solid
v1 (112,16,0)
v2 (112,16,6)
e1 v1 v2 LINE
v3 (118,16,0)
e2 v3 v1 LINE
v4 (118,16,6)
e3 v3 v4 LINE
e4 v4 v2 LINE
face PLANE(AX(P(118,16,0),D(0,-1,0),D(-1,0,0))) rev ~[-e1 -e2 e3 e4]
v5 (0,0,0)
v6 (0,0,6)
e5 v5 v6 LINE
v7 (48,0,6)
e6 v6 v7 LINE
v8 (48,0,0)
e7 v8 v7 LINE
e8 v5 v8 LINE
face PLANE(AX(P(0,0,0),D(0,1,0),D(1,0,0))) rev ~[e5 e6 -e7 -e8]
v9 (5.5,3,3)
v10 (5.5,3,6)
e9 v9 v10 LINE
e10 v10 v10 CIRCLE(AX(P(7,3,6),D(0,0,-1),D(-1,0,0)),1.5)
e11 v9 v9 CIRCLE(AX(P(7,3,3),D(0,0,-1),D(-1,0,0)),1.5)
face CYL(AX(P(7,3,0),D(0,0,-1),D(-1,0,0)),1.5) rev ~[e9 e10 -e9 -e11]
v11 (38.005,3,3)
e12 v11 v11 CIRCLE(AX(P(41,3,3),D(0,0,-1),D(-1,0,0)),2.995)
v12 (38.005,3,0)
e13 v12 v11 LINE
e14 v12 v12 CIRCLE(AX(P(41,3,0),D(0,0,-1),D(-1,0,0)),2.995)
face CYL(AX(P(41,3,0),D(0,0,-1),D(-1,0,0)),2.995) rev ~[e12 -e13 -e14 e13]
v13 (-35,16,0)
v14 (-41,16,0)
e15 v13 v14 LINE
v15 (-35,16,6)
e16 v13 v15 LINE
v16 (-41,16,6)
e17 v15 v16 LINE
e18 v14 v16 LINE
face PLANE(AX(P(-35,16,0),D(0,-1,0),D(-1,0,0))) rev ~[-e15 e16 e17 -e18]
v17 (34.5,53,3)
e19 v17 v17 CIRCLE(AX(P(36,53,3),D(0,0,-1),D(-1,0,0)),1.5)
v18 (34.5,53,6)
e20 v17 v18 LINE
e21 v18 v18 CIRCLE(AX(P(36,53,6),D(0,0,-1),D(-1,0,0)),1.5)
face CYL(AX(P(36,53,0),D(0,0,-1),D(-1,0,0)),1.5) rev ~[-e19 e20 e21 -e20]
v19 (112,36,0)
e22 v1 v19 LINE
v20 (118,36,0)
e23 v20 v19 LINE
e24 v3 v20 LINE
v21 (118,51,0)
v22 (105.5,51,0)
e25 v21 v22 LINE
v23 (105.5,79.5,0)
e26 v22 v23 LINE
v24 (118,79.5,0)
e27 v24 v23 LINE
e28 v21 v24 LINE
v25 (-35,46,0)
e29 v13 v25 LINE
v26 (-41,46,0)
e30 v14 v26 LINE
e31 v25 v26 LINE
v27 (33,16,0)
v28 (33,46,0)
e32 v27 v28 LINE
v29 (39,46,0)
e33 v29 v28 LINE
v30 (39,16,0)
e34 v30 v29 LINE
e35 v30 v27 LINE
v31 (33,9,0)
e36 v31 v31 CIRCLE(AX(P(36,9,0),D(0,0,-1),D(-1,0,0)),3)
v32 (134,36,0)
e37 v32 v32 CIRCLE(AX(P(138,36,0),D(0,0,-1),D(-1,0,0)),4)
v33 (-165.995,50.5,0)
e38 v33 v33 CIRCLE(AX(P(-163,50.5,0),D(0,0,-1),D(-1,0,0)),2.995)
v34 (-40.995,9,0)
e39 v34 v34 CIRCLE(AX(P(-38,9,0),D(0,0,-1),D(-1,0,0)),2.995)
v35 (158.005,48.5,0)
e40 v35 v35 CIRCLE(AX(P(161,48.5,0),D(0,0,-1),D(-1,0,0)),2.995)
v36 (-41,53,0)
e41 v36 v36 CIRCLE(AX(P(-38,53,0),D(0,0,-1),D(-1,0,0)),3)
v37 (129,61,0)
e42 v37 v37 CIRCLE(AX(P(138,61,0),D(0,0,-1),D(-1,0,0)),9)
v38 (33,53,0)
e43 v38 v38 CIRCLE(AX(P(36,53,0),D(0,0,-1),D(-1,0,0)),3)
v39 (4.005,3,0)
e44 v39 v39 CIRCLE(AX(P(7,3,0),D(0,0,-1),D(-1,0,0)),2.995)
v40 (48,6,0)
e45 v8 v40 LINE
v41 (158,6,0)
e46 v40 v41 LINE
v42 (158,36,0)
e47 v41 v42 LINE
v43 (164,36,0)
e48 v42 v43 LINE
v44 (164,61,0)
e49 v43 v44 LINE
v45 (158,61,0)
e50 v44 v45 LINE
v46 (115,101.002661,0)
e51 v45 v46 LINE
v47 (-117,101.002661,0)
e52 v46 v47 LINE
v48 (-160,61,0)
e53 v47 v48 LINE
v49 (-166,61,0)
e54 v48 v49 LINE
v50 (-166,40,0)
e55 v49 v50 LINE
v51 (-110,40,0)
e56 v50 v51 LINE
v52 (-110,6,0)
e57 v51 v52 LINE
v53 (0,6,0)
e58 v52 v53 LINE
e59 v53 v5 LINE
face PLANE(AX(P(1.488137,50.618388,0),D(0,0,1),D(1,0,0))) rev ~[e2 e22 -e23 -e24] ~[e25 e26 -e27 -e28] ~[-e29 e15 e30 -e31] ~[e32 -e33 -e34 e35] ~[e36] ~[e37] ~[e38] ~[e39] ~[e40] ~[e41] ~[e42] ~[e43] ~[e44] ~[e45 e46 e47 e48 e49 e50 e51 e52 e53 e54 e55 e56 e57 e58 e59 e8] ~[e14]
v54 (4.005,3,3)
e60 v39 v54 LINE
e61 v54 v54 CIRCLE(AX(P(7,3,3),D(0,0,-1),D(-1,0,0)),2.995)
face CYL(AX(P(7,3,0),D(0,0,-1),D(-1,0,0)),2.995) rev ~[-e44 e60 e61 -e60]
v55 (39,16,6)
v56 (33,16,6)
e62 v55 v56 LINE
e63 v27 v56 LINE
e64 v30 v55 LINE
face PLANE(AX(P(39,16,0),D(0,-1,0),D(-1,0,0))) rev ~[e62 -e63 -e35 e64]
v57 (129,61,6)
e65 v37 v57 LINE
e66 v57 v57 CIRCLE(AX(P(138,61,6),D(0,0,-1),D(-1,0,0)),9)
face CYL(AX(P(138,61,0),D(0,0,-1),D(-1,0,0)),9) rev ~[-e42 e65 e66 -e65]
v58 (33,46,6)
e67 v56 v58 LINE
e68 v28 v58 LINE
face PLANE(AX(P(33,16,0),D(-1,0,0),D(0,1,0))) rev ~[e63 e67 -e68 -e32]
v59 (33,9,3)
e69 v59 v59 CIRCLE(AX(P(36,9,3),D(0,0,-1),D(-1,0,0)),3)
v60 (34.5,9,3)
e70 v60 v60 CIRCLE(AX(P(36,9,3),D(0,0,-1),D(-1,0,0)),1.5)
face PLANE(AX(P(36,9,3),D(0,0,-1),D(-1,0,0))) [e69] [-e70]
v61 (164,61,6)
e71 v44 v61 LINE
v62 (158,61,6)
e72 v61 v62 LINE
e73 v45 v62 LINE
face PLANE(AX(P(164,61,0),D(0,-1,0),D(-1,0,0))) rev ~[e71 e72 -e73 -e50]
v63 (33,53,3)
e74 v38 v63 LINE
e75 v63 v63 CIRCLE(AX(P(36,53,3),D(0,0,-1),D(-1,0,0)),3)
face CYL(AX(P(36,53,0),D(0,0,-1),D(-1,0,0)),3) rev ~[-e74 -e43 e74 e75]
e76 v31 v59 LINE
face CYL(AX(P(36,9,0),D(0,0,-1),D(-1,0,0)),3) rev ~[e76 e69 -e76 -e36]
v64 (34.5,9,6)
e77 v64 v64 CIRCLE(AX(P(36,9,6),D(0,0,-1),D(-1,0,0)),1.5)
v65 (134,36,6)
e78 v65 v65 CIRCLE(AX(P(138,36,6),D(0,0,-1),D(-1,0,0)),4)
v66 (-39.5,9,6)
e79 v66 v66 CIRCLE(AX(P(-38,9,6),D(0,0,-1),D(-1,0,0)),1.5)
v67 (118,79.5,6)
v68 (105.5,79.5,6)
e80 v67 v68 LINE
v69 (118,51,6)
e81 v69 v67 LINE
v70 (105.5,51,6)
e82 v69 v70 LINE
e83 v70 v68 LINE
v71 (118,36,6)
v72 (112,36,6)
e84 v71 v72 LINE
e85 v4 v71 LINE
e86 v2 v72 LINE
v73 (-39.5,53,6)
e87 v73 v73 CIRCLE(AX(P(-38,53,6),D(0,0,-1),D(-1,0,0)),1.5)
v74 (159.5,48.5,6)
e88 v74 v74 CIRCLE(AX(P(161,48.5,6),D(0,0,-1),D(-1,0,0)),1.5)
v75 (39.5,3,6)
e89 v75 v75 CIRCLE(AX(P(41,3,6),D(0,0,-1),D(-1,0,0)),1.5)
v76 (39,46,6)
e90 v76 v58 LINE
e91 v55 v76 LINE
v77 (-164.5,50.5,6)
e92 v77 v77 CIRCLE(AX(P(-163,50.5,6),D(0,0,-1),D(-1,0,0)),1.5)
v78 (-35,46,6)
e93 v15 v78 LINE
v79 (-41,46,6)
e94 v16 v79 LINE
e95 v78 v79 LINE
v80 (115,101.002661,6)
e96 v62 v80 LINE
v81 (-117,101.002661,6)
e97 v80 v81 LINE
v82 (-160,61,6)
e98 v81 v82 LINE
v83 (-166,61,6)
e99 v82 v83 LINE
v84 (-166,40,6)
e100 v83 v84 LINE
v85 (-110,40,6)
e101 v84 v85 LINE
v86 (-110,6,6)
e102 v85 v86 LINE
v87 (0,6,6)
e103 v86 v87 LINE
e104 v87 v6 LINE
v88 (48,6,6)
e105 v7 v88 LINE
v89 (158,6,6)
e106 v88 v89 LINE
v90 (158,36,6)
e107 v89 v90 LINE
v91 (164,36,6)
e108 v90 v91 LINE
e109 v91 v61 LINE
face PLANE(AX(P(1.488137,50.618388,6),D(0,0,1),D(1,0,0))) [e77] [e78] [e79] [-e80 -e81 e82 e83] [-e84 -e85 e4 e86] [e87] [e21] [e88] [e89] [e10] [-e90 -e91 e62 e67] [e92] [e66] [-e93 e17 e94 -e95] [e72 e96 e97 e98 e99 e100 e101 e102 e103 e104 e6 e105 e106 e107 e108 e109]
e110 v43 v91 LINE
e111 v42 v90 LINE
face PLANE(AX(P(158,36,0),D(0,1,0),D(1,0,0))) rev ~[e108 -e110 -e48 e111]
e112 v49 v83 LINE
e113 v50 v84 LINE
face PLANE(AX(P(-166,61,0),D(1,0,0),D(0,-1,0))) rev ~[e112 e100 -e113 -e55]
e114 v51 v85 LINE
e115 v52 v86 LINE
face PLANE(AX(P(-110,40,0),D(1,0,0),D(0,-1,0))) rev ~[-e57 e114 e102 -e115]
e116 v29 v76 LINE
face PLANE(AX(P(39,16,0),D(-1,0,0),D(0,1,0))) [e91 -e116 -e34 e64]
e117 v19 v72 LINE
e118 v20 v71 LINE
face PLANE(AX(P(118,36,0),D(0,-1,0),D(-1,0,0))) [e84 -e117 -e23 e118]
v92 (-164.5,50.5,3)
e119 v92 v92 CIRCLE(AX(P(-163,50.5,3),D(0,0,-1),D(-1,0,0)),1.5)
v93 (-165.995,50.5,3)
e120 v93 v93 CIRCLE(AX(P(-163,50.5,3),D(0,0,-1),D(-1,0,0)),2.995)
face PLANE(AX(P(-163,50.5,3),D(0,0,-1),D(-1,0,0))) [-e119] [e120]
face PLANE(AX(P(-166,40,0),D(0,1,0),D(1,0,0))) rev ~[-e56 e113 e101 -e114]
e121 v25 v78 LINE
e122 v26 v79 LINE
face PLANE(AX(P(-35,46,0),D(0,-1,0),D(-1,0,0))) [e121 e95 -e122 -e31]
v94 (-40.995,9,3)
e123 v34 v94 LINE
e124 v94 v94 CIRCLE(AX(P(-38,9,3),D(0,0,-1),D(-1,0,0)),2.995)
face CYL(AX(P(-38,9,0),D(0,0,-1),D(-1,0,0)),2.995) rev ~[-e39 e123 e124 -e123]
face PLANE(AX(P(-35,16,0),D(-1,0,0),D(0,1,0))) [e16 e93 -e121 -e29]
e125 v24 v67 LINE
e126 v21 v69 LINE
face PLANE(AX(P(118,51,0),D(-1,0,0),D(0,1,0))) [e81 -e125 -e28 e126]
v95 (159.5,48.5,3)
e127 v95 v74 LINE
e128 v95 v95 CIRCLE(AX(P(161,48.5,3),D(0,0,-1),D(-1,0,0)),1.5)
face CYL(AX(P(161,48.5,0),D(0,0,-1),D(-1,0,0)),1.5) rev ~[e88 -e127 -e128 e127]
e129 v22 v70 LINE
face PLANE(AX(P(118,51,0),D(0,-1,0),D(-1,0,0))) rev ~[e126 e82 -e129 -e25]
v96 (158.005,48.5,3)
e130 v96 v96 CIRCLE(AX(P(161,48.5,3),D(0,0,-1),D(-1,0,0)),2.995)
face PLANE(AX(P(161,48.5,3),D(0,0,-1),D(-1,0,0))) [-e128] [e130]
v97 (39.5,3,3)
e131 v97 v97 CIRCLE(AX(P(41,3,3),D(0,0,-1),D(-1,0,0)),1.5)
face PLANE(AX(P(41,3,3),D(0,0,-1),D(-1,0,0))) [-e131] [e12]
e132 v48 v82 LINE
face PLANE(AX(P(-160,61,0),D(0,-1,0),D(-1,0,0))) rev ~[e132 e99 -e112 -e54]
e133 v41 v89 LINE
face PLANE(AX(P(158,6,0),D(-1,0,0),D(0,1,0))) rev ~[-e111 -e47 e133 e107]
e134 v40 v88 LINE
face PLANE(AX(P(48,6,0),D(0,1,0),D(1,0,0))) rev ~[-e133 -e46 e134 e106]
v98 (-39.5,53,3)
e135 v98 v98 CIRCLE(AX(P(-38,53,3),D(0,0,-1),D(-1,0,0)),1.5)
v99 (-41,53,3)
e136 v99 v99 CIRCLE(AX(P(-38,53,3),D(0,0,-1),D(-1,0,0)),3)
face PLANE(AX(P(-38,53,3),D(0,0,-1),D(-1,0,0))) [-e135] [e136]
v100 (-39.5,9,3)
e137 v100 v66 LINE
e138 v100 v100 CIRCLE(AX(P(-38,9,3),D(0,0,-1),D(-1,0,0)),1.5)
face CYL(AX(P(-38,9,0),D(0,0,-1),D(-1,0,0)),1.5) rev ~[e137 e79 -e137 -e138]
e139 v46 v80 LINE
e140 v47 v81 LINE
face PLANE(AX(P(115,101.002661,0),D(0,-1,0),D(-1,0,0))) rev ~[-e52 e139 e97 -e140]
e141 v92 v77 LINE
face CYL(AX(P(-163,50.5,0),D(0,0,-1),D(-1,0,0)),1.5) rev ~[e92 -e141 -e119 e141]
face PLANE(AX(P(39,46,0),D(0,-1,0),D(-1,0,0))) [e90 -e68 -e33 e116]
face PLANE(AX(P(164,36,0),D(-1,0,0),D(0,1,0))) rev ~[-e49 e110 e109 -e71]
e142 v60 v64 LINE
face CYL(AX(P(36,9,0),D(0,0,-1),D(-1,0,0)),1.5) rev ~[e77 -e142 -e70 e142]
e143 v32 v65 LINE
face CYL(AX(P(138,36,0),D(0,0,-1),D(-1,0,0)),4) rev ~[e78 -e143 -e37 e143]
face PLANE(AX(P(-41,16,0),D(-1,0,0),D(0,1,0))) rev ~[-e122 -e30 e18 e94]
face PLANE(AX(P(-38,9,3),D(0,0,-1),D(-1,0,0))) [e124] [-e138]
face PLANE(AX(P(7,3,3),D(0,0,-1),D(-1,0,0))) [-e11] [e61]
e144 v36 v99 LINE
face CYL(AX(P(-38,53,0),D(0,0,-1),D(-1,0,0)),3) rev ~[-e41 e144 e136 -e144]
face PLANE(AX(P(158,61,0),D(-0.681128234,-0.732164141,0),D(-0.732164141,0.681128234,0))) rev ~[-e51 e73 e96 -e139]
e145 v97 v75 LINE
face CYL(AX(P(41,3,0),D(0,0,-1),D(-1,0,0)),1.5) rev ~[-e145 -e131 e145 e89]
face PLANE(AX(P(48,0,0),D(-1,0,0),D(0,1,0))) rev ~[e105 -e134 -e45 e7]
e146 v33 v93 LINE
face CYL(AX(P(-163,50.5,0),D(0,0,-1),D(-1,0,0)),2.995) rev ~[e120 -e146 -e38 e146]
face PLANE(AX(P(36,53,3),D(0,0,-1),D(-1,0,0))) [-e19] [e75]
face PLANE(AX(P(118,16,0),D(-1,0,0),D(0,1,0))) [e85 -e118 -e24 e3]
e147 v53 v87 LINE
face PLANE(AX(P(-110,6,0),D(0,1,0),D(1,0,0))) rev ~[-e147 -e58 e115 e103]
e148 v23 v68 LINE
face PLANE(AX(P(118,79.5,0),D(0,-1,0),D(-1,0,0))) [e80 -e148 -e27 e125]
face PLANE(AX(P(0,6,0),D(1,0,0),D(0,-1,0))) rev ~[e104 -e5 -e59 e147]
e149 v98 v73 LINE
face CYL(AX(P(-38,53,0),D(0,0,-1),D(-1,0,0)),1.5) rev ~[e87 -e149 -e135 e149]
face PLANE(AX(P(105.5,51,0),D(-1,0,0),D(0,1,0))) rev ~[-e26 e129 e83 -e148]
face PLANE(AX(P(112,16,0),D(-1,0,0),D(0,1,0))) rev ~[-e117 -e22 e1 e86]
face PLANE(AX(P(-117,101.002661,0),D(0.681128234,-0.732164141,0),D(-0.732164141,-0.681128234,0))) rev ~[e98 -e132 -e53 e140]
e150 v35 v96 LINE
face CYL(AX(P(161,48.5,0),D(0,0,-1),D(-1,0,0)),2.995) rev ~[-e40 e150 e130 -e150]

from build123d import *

# Parameters (mm, degrees)
BOSS_EXTRU_1_DEPTH      = 6
ESQUISSE2_R             = 4
ESQUISSE2_R_2           = 9
ESQUISSE2_W             = 6
ESQUISSE2_H             = 30
ESQUISSE2_H_2           = 20
ESQUISSE2_W_2           = 12.5
ESQUISSE2_H_3           = 28.5
ENL_V_MAT_EXTRU_1_DEPTH = 6
ESQUISSE3_R             = 1.5
ENL_V_MAT_EXTRU_2_DEPTH = 6
ESQUISSE4_R             = 2.995
ESQUISSE4_R_2           = 3
ENL_V_MAT_EXTRU_3_DEPTH = 3


with BuildPart() as part:
    # Esquisse1 → Boss.-Extru.1 (new body)
    with BuildSketch(Plane.XY):
        Polygon((0, 0), (48, 0), (48, 6), (158, 6), (158, 36), (164, 36), (164, 61), (158, 61), (115, 101.002661161), (-117, 101.002661161), (-160, 61), (-166, 61), (-166, 40), (-110, 40), (-110, 6), (0, 6), align=None)
    extrude(amount=BOSS_EXTRU_1_DEPTH)

    # Esquisse2 → Enlèv. mat.-Extru.1 (cut)
    with BuildSketch(Plane(origin=(0, 0, 0), x_dir=(-1, 0, 0), z_dir=(0, 0, -1))):
        with Locations((-138, 36)):
            Circle(ESQUISSE2_R)
        with Locations((-138, 61)):
            Circle(ESQUISSE2_R_2)
        with Locations((38, 31)):
            Rectangle(ESQUISSE2_W, ESQUISSE2_H)
        with Locations((-36, 31)):
            Rectangle(ESQUISSE2_W, ESQUISSE2_H)
        with Locations((-115, 26)):
            Rectangle(ESQUISSE2_W, ESQUISSE2_H_2)
        with Locations((-111.75, 65.25)):
            Rectangle(ESQUISSE2_W_2, ESQUISSE2_H_3)
    extrude(amount=-ENL_V_MAT_EXTRU_1_DEPTH, mode=Mode.SUBTRACT)

    # Esquisse3 → Enlèv. mat.-Extru.2 (cut)
    with BuildSketch(Plane(origin=(0, 0, 0), x_dir=(-1, 0, 0), z_dir=(0, 0, -1))):
        with Locations((-161, 48.5)):
            Circle(ESQUISSE3_R)
        with Locations((-41, 3)):
            Circle(ESQUISSE3_R)
        with Locations((-7, 3)):
            Circle(ESQUISSE3_R)
        with Locations((-36, 9)):
            Circle(ESQUISSE3_R)
        with Locations((-36, 53)):
            Circle(ESQUISSE3_R)
        with Locations((38, 9)):
            Circle(ESQUISSE3_R)
        with Locations((38, 53)):
            Circle(ESQUISSE3_R)
        with Locations((163, 50.5)):
            Circle(ESQUISSE3_R)
    extrude(amount=-ENL_V_MAT_EXTRU_2_DEPTH, mode=Mode.SUBTRACT)

    # Esquisse4 → Enlèv. mat.-Extru.3 (cut)
    with BuildSketch(Plane(origin=(0, 0, 0), x_dir=(-1, 0, 0), z_dir=(0, 0, -1))):
        with Locations((38, 9)):
            Circle(ESQUISSE4_R)
        with Locations((38, 53)):
            Circle(ESQUISSE4_R_2)
        with Locations((-36, 53)):
            Circle(ESQUISSE4_R_2)
        with Locations((-36, 9)):
            Circle(ESQUISSE4_R_2)
        with Locations((-7, 3)):
            Circle(ESQUISSE4_R)
        with Locations((-41, 3)):
            Circle(ESQUISSE4_R)
        with Locations((-161, 48.5)):
            Circle(ESQUISSE4_R)
        with Locations((163, 50.5)):
            Circle(ESQUISSE4_R)
    extrude(amount=-ENL_V_MAT_EXTRU_3_DEPTH, mode=Mode.SUBTRACT)


solid = part.part
